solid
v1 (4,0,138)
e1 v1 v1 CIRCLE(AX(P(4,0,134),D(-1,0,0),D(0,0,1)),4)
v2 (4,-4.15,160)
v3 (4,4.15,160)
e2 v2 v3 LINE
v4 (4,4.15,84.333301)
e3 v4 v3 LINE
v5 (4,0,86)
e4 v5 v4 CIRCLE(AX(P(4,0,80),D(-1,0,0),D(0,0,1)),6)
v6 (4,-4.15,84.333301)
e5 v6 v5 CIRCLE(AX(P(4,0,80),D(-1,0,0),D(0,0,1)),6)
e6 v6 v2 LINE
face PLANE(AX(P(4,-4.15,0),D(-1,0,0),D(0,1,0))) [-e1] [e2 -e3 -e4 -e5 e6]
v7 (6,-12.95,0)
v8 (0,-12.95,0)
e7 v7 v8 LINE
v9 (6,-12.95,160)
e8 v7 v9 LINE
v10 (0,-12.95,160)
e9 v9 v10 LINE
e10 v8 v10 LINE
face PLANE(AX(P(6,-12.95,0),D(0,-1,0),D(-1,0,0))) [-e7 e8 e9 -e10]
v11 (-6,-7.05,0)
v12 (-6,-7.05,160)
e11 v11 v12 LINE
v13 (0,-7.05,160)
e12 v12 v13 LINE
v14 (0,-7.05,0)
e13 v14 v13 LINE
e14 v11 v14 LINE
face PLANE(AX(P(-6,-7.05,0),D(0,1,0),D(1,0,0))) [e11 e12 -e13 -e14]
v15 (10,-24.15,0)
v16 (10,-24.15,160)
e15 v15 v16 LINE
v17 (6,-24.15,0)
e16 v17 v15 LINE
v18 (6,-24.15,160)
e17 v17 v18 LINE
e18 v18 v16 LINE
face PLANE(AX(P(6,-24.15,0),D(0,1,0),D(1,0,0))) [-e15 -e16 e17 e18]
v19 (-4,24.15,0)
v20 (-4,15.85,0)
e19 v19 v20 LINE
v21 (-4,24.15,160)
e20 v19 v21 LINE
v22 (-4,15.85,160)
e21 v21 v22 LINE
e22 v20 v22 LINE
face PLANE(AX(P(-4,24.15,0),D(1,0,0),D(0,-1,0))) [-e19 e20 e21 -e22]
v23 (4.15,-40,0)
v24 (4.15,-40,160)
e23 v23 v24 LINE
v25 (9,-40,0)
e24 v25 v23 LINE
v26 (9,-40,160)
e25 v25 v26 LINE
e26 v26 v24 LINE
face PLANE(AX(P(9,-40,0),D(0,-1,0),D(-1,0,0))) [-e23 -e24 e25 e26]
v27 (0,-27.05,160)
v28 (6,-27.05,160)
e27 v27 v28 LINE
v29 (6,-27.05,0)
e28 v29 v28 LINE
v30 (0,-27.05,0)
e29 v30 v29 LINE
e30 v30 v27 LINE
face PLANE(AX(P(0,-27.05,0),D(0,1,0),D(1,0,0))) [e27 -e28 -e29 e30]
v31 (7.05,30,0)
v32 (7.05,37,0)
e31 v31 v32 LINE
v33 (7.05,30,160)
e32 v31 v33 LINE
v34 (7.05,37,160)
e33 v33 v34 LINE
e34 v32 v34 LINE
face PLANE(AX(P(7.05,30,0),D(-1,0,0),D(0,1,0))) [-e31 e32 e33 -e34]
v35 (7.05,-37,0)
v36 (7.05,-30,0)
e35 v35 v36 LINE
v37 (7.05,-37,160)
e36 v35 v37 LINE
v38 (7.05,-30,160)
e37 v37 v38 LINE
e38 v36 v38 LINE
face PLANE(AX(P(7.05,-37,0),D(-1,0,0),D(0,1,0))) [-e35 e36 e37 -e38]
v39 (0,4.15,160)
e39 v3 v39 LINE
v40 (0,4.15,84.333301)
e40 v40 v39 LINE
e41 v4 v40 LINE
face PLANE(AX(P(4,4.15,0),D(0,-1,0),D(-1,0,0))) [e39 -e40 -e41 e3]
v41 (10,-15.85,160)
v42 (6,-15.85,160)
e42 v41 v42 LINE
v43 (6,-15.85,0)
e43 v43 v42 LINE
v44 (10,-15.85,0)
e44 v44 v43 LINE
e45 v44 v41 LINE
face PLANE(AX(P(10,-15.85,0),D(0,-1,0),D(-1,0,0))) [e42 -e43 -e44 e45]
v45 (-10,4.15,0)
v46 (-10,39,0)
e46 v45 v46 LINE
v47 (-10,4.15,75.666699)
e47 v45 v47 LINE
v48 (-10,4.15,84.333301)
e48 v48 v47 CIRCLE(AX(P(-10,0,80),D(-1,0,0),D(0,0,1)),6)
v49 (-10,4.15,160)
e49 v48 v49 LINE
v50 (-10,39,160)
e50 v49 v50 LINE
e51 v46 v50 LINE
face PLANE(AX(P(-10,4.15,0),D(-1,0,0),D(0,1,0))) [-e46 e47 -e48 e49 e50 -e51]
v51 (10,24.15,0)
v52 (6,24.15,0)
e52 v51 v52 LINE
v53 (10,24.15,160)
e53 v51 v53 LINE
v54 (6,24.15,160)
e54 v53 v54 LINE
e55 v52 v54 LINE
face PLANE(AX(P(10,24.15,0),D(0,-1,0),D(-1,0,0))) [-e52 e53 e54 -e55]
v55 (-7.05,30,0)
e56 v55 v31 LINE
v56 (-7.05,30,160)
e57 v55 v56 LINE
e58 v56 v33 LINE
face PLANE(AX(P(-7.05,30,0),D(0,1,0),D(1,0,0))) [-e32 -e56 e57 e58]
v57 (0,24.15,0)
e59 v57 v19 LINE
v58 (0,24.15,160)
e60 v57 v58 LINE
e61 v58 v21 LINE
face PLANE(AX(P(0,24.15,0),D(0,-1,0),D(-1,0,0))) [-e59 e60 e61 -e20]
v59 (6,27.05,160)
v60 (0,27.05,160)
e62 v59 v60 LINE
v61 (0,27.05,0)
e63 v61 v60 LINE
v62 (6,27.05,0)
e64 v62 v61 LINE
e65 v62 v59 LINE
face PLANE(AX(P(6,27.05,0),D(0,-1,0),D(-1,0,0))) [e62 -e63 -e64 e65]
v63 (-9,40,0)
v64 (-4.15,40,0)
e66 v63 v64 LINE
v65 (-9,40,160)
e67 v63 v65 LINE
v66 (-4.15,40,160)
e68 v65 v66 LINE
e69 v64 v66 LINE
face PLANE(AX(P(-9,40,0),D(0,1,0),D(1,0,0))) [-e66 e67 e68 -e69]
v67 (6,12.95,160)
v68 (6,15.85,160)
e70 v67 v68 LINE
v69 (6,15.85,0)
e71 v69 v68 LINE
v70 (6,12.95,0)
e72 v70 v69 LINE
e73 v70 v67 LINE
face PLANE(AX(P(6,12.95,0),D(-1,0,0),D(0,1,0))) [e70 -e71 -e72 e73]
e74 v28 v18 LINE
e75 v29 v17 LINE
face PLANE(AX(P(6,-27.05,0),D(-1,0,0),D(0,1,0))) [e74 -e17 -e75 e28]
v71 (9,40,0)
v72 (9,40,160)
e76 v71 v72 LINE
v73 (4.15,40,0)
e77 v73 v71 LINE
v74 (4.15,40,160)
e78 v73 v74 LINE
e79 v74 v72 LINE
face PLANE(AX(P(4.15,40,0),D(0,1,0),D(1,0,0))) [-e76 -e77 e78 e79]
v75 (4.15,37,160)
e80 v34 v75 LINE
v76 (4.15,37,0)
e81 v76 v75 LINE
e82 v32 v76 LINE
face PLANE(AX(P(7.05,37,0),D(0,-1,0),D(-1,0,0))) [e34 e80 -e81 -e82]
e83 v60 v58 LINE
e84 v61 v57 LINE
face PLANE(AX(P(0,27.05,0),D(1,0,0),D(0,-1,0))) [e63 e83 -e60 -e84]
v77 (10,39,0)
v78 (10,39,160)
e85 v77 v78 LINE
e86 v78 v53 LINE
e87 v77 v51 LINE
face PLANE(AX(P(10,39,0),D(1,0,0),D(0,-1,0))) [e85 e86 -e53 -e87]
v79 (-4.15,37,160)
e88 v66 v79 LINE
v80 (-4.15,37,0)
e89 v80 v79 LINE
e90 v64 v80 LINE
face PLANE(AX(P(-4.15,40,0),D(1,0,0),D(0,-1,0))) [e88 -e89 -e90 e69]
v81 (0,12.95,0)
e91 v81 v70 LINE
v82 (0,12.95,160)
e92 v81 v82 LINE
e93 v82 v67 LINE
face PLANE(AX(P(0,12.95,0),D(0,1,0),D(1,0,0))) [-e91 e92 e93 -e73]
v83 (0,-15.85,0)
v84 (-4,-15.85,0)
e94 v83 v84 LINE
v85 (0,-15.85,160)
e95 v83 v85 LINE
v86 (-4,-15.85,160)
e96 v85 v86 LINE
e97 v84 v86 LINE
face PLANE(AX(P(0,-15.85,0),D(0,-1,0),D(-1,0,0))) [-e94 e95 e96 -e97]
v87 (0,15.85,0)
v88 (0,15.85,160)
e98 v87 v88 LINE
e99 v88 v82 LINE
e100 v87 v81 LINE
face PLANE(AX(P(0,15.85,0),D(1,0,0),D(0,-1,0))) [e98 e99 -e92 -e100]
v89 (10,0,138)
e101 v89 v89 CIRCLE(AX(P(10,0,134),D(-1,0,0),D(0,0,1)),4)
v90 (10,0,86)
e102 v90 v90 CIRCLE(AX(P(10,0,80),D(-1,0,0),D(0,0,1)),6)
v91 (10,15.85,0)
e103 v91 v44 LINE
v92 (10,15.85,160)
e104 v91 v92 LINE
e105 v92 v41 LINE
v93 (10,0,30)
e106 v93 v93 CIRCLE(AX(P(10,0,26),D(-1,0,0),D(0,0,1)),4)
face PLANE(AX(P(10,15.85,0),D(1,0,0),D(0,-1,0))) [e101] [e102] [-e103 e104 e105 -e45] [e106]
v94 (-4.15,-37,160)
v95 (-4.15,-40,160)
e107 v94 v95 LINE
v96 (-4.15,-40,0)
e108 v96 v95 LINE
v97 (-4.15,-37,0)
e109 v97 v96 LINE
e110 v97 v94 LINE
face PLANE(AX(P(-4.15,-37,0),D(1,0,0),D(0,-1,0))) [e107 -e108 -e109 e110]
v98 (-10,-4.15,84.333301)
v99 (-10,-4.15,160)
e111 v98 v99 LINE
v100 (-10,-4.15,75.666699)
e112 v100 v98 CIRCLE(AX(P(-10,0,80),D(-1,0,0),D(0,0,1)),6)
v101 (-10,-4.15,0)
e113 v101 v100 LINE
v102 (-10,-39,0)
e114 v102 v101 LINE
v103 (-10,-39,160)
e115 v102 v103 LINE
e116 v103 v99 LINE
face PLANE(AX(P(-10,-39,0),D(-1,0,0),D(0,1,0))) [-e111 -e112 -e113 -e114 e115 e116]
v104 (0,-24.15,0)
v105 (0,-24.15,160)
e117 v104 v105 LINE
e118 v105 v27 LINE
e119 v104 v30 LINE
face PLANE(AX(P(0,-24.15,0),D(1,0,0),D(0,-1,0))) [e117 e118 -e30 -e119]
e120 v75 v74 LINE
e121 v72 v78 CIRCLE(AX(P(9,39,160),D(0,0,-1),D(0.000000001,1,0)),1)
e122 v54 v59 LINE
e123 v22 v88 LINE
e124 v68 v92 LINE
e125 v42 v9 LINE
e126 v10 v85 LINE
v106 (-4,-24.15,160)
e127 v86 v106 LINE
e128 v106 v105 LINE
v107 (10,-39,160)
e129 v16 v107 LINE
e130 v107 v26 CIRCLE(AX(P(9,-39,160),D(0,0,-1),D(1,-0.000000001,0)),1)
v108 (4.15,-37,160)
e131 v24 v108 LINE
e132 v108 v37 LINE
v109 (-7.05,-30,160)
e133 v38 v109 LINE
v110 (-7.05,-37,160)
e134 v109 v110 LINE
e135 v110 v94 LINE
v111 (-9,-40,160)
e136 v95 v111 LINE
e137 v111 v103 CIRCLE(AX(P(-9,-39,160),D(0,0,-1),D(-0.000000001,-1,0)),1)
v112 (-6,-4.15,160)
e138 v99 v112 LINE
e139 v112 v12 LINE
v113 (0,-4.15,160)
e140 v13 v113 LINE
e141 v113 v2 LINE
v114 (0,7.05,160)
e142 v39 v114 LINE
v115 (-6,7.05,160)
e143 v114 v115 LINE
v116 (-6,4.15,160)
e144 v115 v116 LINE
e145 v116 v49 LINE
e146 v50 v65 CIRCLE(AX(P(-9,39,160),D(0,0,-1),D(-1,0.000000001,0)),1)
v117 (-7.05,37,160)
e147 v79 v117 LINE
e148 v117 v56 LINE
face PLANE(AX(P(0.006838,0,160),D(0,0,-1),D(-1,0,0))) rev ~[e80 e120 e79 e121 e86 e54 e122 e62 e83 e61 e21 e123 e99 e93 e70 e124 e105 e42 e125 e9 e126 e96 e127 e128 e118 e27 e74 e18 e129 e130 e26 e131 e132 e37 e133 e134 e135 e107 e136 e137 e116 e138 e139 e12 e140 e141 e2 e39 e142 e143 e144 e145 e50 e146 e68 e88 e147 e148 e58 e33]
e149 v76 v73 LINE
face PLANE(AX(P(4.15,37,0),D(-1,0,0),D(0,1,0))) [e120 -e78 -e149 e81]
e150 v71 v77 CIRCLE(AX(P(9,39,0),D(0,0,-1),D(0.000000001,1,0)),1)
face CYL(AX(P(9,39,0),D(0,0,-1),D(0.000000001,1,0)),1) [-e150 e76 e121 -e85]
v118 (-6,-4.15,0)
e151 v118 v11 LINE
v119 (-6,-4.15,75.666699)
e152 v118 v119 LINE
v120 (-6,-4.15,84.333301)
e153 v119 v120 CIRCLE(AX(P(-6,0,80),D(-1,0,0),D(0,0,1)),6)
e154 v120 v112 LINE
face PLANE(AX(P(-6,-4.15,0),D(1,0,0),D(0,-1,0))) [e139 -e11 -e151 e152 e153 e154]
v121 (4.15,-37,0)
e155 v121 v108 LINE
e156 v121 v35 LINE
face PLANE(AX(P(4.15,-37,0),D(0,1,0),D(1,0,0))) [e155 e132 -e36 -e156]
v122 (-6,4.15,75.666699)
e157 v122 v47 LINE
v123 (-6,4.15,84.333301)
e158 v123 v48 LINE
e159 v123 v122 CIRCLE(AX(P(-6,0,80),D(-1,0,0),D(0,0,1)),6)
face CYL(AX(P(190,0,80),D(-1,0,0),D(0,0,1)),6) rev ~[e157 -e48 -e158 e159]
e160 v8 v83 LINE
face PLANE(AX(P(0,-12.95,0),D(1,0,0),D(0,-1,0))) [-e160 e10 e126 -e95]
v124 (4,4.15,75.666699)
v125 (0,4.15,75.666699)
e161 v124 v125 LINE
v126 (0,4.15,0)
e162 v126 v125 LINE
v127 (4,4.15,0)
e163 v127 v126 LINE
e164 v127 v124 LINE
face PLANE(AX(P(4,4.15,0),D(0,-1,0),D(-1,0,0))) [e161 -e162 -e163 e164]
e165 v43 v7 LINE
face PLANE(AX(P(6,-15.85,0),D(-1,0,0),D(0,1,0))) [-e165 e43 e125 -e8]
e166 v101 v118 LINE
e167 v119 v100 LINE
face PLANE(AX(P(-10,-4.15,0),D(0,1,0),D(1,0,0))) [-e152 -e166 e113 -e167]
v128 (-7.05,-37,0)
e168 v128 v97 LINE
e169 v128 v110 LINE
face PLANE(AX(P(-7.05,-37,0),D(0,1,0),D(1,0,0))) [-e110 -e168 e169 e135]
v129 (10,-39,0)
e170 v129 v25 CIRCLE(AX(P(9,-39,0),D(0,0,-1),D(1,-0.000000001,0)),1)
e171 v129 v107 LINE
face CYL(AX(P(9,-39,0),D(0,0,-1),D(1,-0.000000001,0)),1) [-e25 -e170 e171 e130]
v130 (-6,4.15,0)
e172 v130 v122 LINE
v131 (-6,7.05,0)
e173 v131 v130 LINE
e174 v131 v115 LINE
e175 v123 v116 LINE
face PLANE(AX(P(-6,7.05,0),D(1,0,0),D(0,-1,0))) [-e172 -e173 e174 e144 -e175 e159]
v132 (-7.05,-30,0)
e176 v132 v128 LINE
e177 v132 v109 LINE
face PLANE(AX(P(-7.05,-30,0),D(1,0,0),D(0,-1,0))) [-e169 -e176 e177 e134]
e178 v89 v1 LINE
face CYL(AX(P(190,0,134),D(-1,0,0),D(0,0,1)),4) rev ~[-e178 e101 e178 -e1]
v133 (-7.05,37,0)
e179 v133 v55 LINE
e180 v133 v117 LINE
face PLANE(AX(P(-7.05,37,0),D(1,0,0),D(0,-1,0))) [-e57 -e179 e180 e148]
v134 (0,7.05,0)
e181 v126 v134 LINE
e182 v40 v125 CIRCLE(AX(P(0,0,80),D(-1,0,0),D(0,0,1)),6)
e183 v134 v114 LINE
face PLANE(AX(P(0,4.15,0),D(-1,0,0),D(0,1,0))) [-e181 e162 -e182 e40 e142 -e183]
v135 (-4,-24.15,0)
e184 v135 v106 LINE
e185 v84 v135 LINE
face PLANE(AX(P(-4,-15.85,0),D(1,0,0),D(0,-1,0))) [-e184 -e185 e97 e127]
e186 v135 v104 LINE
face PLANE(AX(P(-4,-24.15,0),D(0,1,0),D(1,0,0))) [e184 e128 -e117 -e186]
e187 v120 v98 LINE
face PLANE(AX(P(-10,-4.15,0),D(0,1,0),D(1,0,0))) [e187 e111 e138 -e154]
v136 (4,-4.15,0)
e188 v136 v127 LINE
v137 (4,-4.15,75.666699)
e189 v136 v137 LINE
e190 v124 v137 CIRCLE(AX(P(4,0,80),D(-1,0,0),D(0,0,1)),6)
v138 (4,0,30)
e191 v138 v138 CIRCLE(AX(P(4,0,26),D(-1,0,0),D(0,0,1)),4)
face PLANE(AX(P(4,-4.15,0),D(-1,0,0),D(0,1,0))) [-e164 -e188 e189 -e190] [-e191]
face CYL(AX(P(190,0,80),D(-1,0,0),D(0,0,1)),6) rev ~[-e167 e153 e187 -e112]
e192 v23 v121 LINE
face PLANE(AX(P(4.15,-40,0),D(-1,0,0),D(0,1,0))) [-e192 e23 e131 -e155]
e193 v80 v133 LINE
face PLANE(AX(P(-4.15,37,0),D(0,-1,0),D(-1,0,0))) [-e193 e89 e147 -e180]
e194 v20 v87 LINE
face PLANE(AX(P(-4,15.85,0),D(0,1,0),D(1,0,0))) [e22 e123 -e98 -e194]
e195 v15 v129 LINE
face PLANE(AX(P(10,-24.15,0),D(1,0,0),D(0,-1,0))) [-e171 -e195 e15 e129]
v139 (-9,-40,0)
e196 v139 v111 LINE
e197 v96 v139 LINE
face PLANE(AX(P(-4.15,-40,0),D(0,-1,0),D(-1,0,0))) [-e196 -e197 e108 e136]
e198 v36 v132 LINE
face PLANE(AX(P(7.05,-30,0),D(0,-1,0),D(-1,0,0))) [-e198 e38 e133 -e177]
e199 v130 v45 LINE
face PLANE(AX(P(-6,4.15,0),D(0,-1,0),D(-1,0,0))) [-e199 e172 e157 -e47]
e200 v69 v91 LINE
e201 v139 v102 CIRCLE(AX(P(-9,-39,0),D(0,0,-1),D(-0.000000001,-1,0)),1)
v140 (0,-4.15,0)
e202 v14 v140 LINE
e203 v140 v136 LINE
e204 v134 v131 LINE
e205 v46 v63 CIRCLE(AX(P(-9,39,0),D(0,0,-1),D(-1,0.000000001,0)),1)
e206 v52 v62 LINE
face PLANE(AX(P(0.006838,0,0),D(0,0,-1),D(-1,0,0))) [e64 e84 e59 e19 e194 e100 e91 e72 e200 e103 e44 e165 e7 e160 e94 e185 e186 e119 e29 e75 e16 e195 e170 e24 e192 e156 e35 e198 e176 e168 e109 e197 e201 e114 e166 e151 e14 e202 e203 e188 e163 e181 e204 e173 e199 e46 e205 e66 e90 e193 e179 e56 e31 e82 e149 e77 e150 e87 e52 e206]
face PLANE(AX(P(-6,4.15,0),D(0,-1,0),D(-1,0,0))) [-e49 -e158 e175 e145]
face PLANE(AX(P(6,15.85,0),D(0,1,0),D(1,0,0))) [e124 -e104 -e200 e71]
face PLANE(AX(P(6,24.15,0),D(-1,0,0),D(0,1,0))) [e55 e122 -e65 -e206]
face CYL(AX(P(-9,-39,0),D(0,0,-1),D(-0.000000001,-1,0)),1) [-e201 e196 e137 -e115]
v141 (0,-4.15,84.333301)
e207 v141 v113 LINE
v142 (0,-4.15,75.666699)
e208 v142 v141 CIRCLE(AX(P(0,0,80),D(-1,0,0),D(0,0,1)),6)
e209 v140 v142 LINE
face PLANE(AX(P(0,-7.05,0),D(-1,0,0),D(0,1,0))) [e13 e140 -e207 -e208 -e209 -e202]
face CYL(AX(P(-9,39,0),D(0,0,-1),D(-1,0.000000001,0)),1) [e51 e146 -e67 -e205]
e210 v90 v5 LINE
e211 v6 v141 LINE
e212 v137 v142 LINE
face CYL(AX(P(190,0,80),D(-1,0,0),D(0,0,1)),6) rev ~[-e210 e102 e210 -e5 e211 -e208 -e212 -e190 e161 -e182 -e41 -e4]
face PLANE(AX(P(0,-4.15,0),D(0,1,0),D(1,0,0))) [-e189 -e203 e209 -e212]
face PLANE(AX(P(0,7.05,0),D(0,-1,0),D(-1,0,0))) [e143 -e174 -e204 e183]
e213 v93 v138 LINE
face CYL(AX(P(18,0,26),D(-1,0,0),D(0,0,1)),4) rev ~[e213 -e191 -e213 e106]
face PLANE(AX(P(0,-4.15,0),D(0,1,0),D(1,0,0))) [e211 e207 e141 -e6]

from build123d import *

# Parameters (mm, degrees)
EXTRUDE_1_DEPTH           = 160
HOLE_WIZARD_8_0_8_1_D     = 8
HOLE_WIZARD_8_0_8_2_D     = 8
HOLE_WIZARD_8_0_8_2_DEPTH = 8
HOLE_WIZARD_8_0_8_2_TIP   = 2.403442476
HOLE_WIZARD_12_0_12_2_D   = 12


with BuildPart() as part:
    # Sketch1 → 凸台-拉伸1 (new body)
    with BuildSketch(Plane.XY):
        with BuildLine():
            Line((-9, 40), (-4.15, 40))
            Line((-4.15, 40), (-4.15, 37))
            Line((-4.15, 37), (-7.05, 37))
            Line((-7.05, 37), (-7.05, 30))
            Line((-7.05, 30), (7.05, 30))
            Line((7.05, 30), (7.05, 37))
            Line((7.05, 37), (4.15, 37))
            Line((4.15, 37), (4.15, 40))
            Line((4.15, 40), (9, 40))
            ThreePointArc((9, 40), (9.707106781, 39.707106781), (10, 39))
            Line((10, 39), (10, 24.15))
            Line((10, 24.15), (6, 24.15))
            Line((6, 24.15), (6, 27.05))
            Line((6, 27.05), (0, 27.05))
            Line((0, 27.05), (0, 24.15))
            Line((0, 24.15), (-4, 24.15))
            Line((-4, 24.15), (-4, 15.85))
            Line((-4, 15.85), (0, 15.85))
            Line((0, 15.85), (0, 12.95))
            Line((0, 12.95), (6, 12.95))
            Line((6, 12.95), (6, 15.85))
            Line((6, 15.85), (10, 15.85))
            Line((10, 15.85), (10, -15.85))
            Line((10, -15.85), (6, -15.85))
            Line((6, -15.85), (6, -12.95))
            Line((6, -12.95), (0, -12.95))
            Line((0, -12.95), (0, -15.85))
            Line((0, -15.85), (-4, -15.85))
            Line((-4, -15.85), (-4, -24.15))
            Line((-4, -24.15), (0, -24.15))
            Line((0, -24.15), (0, -27.05))
            Line((0, -27.05), (6, -27.05))
            Line((6, -27.05), (6, -24.15))
            Line((6, -24.15), (10, -24.15))
            Line((10, -24.15), (10, -39))
            ThreePointArc((10, -39), (9.707106781, -39.707106781), (9, -40))
            Line((9, -40), (4.15, -40))
            Line((4.15, -40), (4.15, -37))
            Line((4.15, -37), (7.05, -37))
            Line((7.05, -37), (7.05, -30))
            Line((7.05, -30), (-7.05, -30))
            Line((-7.05, -30), (-7.05, -37))
            Line((-7.05, -37), (-4.15, -37))
            Line((-4.15, -37), (-4.15, -40))
            Line((-4.15, -40), (-9, -40))
            ThreePointArc((-9, -40), (-9.707106781, -39.707106781), (-10, -39))
            Line((-10, -39), (-10, -4.15))
            Line((-10, -4.15), (-6, -4.15))
            Line((-6, -4.15), (-6, -7.05))
            Line((-6, -7.05), (0, -7.05))
            Line((0, -7.05), (0, -4.15))
            Line((0, -4.15), (4, -4.15))
            Line((4, -4.15), (4, 4.15))
            Line((4, 4.15), (0, 4.15))
            Line((0, 4.15), (0, 7.05))
            Line((0, 7.05), (-6, 7.05))
            Line((-6, 7.05), (-6, 4.15))
            Line((-6, 4.15), (-10, 4.15))
            Line((-10, 4.15), (-10, 39))
            ThreePointArc((-10, 39), (-9.707106781, 39.707106781), (-9, 40))
        make_face()
    extrude(amount=EXTRUDE_1_DEPTH)

    # Ø8.0 (8) 直径孔1 (through all)
    with Locations(Plane(origin=(10, 0, 0), x_dir=(0, 0, -1), z_dir=(1, 0, 0))):
        with Locations((-134, 0)):
            Hole(HOLE_WIZARD_8_0_8_1_D / 2)

    # Ø8.0 (8) 直径孔2
    with Locations(Plane(origin=(10, 0, 0), x_dir=(0, 0, -1), z_dir=(1, 0, 0))):
        with Locations((-26, 0)):
            Hole(HOLE_WIZARD_8_0_8_2_D / 2, depth=HOLE_WIZARD_8_0_8_2_DEPTH)
            with Locations((0, 0, -(HOLE_WIZARD_8_0_8_2_DEPTH + HOLE_WIZARD_8_0_8_2_TIP / 2))):  # 118° drill point
                Cone(0, HOLE_WIZARD_8_0_8_2_D / 2, HOLE_WIZARD_8_0_8_2_TIP, mode=Mode.SUBTRACT)

    # Ø12.0 (12) 直径孔2 (through all)
    with Locations(Plane(origin=(10, 0, 0), x_dir=(0, 0, -1), z_dir=(1, 0, 0))):
        with Locations((-80, 0)):
            Hole(HOLE_WIZARD_12_0_12_2_D / 2)


solid = part.part
